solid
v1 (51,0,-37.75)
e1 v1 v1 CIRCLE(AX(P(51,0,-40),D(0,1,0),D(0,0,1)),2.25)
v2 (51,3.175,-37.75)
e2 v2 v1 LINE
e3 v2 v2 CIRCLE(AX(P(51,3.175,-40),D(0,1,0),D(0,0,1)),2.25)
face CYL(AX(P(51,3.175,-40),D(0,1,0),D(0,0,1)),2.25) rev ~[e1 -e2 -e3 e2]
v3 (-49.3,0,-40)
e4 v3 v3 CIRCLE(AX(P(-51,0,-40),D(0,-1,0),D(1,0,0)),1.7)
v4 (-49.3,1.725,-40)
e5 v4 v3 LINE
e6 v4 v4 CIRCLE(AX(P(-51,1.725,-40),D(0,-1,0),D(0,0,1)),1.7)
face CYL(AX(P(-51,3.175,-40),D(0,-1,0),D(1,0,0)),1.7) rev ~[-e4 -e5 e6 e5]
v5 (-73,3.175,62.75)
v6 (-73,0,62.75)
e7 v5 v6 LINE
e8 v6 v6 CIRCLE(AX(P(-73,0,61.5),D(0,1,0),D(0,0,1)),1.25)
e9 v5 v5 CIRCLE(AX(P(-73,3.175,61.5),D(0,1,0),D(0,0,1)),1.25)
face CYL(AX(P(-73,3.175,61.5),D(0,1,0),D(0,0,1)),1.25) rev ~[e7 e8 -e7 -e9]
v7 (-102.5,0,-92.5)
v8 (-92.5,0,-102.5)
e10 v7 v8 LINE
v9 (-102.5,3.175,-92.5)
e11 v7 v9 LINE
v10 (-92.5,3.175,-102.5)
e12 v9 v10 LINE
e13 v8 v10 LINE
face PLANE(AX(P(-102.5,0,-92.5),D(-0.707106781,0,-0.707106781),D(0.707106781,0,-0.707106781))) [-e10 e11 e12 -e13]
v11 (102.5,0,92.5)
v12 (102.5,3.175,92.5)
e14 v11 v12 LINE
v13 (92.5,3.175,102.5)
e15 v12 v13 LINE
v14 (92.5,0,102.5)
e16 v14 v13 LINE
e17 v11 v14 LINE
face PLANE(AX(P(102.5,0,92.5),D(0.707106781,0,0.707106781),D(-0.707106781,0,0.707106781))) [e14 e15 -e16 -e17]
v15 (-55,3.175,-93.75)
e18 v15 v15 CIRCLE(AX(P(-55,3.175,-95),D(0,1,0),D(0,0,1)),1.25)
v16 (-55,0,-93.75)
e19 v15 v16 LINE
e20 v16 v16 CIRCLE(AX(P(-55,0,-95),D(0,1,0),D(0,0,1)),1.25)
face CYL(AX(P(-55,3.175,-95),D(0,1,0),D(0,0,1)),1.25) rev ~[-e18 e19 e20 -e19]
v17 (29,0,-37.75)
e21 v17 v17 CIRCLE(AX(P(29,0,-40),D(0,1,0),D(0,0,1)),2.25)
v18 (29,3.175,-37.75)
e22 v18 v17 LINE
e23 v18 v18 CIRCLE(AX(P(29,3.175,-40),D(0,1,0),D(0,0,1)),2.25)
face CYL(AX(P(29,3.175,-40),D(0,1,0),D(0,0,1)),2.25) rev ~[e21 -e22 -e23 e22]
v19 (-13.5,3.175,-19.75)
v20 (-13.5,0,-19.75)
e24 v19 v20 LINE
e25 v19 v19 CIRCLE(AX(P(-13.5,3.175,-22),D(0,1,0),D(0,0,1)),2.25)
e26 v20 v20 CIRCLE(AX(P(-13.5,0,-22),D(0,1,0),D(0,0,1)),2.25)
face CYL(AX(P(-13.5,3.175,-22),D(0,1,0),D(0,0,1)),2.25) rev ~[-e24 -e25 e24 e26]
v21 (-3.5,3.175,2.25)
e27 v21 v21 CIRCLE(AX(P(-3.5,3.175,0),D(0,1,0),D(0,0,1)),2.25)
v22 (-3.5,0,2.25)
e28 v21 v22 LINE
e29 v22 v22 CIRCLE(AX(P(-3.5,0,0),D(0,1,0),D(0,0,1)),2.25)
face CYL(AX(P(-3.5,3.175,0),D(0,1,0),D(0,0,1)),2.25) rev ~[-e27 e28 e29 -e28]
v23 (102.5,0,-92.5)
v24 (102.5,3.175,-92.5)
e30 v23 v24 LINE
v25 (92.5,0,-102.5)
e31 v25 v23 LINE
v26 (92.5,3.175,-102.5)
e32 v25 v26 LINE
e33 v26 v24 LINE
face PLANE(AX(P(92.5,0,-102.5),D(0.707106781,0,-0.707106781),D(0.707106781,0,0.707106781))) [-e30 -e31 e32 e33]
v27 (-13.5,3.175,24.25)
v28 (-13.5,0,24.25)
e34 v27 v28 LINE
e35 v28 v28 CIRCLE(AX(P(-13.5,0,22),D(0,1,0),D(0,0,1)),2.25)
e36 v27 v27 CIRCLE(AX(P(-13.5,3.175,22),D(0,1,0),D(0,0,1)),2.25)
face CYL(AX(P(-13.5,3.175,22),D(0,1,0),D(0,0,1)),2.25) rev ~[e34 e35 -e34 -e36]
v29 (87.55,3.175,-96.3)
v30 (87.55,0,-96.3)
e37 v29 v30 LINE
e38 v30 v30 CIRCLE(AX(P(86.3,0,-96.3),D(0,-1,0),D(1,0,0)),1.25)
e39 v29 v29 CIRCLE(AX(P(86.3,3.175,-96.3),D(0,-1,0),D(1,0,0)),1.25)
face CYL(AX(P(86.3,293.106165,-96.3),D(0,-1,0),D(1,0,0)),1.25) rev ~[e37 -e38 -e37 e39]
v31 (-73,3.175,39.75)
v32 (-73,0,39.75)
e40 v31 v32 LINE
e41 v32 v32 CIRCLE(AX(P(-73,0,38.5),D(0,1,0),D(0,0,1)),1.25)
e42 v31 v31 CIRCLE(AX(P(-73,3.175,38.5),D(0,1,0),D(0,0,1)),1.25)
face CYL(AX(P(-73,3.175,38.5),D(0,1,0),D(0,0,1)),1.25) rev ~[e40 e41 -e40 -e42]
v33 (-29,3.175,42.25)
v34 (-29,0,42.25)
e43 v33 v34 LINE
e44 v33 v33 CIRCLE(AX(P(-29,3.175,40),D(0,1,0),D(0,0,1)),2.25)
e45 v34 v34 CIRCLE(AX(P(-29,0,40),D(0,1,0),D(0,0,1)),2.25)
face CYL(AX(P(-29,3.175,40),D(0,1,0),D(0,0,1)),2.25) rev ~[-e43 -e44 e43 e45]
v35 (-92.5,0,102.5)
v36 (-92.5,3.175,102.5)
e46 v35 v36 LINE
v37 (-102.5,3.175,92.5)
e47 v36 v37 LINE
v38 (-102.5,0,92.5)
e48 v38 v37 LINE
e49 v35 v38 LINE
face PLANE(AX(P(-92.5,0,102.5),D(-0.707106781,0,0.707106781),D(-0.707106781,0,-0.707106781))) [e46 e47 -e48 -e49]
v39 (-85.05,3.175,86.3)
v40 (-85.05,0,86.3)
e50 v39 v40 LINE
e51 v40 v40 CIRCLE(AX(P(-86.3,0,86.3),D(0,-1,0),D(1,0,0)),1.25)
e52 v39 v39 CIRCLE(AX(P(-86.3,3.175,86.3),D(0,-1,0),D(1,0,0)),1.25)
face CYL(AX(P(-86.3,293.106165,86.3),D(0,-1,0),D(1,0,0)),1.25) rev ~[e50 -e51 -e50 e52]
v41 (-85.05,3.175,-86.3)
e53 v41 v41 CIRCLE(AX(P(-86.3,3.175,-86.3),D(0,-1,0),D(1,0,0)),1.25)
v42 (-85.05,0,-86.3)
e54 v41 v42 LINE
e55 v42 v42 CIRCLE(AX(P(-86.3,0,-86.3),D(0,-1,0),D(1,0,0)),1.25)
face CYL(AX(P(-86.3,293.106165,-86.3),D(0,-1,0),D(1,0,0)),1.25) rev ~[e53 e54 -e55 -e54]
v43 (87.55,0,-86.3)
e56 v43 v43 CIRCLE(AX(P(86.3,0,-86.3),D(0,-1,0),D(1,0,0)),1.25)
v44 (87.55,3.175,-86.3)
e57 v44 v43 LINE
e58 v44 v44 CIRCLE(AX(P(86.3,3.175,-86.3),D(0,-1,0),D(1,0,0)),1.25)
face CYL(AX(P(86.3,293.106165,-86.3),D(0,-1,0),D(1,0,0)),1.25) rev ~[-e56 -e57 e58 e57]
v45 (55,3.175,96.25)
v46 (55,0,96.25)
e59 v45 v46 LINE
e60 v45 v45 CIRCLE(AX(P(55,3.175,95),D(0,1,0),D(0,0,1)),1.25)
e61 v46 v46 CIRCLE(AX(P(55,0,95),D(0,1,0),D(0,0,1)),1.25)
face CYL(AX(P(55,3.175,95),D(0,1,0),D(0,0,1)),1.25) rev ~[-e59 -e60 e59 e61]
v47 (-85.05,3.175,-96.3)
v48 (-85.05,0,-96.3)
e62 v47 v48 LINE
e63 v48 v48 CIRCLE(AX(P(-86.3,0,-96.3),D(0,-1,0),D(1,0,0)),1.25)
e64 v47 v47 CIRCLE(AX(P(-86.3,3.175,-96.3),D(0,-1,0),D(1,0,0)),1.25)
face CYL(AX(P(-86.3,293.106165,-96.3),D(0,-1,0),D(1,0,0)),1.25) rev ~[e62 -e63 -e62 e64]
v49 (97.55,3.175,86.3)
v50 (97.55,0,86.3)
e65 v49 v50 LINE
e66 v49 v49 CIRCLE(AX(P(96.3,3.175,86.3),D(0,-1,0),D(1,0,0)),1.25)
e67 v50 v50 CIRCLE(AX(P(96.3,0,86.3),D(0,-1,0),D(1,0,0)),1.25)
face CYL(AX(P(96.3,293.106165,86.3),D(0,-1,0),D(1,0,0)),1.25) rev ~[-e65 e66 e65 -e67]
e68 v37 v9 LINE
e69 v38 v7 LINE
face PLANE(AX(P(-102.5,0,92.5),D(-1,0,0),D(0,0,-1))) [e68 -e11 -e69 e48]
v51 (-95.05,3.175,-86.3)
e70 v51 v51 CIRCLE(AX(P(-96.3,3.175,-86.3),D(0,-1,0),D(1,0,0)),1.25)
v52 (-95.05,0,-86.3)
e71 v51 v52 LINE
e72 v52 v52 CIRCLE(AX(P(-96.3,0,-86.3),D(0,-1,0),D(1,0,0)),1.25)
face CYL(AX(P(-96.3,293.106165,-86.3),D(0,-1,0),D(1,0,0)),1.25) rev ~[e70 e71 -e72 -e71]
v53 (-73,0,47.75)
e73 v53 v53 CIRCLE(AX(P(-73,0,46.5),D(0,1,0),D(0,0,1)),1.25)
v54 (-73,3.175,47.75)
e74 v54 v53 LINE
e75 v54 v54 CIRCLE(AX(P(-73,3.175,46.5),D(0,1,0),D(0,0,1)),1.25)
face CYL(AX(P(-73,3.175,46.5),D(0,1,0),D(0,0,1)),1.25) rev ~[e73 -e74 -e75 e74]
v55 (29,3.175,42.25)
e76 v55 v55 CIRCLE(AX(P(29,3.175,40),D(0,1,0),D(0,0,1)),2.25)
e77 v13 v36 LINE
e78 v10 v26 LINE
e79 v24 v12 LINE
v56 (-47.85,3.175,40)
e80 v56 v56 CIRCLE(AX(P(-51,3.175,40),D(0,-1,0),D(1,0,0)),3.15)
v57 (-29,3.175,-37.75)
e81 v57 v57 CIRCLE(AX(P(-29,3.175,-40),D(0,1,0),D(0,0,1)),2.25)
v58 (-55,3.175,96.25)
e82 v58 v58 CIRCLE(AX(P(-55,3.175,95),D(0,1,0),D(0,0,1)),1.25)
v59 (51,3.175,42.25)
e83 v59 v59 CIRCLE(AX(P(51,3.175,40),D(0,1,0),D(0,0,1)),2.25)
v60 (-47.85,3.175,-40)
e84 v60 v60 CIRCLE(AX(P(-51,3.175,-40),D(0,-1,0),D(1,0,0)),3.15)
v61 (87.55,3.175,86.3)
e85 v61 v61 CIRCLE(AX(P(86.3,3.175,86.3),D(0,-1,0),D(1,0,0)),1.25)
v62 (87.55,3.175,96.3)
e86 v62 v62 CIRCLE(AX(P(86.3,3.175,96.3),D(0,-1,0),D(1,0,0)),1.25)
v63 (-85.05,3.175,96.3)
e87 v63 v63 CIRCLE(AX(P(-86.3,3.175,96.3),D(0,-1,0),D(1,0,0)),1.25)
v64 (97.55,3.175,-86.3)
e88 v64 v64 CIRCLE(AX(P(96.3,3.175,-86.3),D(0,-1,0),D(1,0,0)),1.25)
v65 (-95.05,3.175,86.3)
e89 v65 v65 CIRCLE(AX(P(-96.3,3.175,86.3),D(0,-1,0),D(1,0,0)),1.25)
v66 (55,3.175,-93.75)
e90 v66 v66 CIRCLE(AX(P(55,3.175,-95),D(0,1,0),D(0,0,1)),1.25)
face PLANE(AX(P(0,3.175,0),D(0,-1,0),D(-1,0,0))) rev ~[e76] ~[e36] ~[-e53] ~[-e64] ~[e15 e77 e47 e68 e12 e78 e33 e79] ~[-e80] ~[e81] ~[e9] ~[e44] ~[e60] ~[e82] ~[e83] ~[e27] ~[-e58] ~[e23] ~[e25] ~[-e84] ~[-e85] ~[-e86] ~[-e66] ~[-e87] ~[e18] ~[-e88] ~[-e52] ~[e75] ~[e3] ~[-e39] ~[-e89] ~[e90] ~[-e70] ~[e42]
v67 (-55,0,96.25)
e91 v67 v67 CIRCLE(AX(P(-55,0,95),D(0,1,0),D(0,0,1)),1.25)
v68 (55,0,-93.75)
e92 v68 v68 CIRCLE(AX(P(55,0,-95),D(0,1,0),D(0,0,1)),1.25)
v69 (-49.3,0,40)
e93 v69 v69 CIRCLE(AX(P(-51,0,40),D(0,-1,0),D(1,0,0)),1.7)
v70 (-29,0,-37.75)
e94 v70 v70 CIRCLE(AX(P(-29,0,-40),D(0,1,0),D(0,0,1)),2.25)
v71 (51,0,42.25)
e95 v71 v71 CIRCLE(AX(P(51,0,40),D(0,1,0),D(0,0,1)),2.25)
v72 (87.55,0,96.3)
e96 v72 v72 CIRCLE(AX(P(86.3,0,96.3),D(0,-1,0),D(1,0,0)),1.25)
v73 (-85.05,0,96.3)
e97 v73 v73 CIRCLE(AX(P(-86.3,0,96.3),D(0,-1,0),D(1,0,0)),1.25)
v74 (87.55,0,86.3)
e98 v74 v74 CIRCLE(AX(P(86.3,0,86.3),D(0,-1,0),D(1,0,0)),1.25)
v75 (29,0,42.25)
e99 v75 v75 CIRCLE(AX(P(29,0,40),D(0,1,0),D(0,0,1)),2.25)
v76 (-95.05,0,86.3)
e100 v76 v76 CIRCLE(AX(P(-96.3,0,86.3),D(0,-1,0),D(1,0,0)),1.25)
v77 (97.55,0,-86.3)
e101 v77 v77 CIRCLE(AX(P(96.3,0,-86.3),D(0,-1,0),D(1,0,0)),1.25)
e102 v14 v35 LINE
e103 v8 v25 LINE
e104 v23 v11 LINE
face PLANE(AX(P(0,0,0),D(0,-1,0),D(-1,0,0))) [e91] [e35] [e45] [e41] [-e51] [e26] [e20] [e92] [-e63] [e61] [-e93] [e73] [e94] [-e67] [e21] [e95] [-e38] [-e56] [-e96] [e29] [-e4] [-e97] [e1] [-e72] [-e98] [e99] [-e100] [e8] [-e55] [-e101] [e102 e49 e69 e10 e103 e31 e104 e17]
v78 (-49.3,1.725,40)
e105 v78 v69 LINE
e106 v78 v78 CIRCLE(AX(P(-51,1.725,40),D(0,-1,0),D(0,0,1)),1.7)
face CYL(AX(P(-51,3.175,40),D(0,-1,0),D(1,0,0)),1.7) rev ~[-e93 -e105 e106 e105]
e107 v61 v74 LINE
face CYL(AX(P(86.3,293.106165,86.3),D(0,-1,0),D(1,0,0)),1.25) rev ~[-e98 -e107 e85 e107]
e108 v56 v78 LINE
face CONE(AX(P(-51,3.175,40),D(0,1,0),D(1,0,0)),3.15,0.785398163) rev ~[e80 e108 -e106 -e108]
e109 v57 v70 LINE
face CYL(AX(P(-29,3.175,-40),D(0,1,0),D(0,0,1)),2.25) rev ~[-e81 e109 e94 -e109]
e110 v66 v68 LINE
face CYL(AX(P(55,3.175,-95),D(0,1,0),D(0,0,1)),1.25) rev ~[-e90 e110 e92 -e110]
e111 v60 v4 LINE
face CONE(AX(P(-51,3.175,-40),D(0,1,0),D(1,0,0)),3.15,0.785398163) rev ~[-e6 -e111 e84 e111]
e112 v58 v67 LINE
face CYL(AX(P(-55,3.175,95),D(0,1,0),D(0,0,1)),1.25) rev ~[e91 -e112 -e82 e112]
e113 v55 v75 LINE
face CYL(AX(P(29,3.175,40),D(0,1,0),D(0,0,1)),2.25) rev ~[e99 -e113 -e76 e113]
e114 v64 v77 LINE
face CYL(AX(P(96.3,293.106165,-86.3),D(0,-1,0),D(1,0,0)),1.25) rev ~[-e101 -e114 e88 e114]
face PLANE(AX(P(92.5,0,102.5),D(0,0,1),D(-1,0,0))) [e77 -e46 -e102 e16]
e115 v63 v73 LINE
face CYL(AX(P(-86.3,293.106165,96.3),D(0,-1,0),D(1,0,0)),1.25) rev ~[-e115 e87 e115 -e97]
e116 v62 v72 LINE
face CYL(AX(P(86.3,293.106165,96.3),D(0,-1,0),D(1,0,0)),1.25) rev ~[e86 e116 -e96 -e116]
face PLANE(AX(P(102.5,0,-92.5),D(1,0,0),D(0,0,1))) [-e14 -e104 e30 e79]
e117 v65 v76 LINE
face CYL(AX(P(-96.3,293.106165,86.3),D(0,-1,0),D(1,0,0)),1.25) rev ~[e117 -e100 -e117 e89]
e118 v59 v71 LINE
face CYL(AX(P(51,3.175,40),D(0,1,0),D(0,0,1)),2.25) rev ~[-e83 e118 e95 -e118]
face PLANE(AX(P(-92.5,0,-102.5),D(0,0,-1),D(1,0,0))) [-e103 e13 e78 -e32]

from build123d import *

# Parameters (mm, degrees)
BOSS_EXTRUDE1_DEPTH                             = 3.175
SKETCH2_R                                       = 1.5
SKETCH2_R_2                                     = 2.25
CUT_EXTRUDE1_DEPTH                              = 145.991657088
M3X0_5_TAPPED_HOLE1_D                           = 2.5
SKETCH5_R                                       = 1.25
CUT_EXTRUDE2_DEPTH                              = 145.991657088
SKETCH6_R                                       = 1.25
CUT_EXTRUDE3_DEPTH                              = 10
CSK_FOR_M3_FLAT_HEAD_MACHINE_SCREW1_D           = 3.4
CSK_FOR_M3_FLAT_HEAD_MACHINE_SCREW1_CSINK_D     = 6.3
CSK_FOR_M3_FLAT_HEAD_MACHINE_SCREW1_CSINK_ANGLE = 90


with BuildPart() as part:
    # Sketch1 → Boss-Extrude1 (new body)
    with BuildSketch(Plane(origin=(0, 0, 0), x_dir=(1, 0, 0), z_dir=(0, 1, 0))):
        Polygon((-92.5, 102.5), (92.5, 102.5), (102.5, 92.5), (102.5, -92.5), (92.5, -102.5), (-92.5, -102.5), (-102.5, -92.5), (-102.5, 92.5), align=None)
    extrude(amount=BOSS_EXTRUDE1_DEPTH)

    # Sketch2 → Cut-Extrude1 (cut, through all)
    with BuildSketch(Plane(origin=(0, 3.175, 0), x_dir=(1, 0, 0), z_dir=(0, 1, 0))):
        with Locations(Location((-51, -40, 0), (0, 0, 270))):
            Circle(SKETCH2_R)
        with Locations(Location((-29, -40, 0), (0, 0, 270))):
            Circle(SKETCH2_R_2)
        with Locations(Location((-51, 40, 0), (0, 0, 270))):
            Circle(SKETCH2_R)
        with Locations(Location((-29, 40, 0), (0, 0, 270))):
            Circle(SKETCH2_R_2)
        with Locations(Location((29, 40, 0), (0, 0, 270))):
            Circle(SKETCH2_R_2)
        with Locations(Location((51, 40, 0), (0, 0, 270))):
            Circle(SKETCH2_R_2)
        with Locations(Location((29, -40, 0), (0, 0, 270))):
            Circle(SKETCH2_R_2)
        with Locations(Location((51, -40, 0), (0, 0, 270))):
            Circle(SKETCH2_R_2)
        with Locations(Location((-3.5, 0, 0), (0, 0, 270))):
            Circle(SKETCH2_R_2)
        with Locations(Location((-13.5, 22, 0), (0, 0, 270))):
            Circle(SKETCH2_R_2)
        with Locations(Location((-13.5, -22, 0), (0, 0, 270))):
            Circle(SKETCH2_R_2)
    extrude(amount=-CUT_EXTRUDE1_DEPTH, mode=Mode.SUBTRACT)

    # M3x0.5 Tapped Hole1 (through all)
    with Locations(Plane(origin=(0, 3.175, 0), x_dir=(-1, 0, 0), z_dir=(0, 1, 0))):
        with Locations((96.3, -86.3), (86.3, -96.3), (-86.3, -96.3), (-96.3, -86.3), (-96.3, 86.3), (-86.3, 96.3), (86.3, 96.3), (96.3, 86.3), (-86.3, 86.3), (-86.3, -86.3), (86.3, -86.3), (86.3, 86.3)):
            Hole(M3X0_5_TAPPED_HOLE1_D / 2)

    # Sketch5 → Cut-Extrude2 (cut, through all)
    with BuildSketch(Plane(origin=(0, 3.175, 0), x_dir=(1, 0, 0), z_dir=(0, 1, 0))):
        with Locations(Location((-55, 95, 0), (0, 0, 270))):
            Circle(SKETCH5_R)
        with Locations(Location((55, 95, 0), (0, 0, 270))):
            Circle(SKETCH5_R)
        with Locations(Location((-55, -95, 0), (0, 0, 270))):
            Circle(SKETCH5_R)
        with Locations(Location((55, -95, 0), (0, 0, 270))):
            Circle(SKETCH5_R)
    extrude(amount=-CUT_EXTRUDE2_DEPTH, mode=Mode.SUBTRACT)

    # Sketch6 → Cut-Extrude3 (cut)
    with BuildSketch(Plane(origin=(0, 3.175, 0), x_dir=(1, 0, 0), z_dir=(0, 1, 0))):
        with Locations(Location((-73, -46.5, 0), (0, 0, 270))):
            Circle(SKETCH6_R)
        with Locations(Location((-73, -38.5, 0), (0, 0, 270))):
            Circle(SKETCH6_R)
        with Locations(Location((-73, -61.5, 0), (0, 0, 270))):
            Circle(SKETCH6_R)
    extrude(amount=-CUT_EXTRUDE3_DEPTH, mode=Mode.SUBTRACT)

    # CSK for M3 Flat Head Machine Screw1 (through all)
    with Locations(Plane(origin=(0, 3.175, 0), x_dir=(-1, 0, 0), z_dir=(0, 1, 0))):
        with Locations((51, -40), (51, 40)):
            CounterSinkHole(CSK_FOR_M3_FLAT_HEAD_MACHINE_SCREW1_D / 2, CSK_FOR_M3_FLAT_HEAD_MACHINE_SCREW1_CSINK_D / 2, counter_sink_angle=CSK_FOR_M3_FLAT_HEAD_MACHINE_SCREW1_CSINK_ANGLE)


solid = part.part
